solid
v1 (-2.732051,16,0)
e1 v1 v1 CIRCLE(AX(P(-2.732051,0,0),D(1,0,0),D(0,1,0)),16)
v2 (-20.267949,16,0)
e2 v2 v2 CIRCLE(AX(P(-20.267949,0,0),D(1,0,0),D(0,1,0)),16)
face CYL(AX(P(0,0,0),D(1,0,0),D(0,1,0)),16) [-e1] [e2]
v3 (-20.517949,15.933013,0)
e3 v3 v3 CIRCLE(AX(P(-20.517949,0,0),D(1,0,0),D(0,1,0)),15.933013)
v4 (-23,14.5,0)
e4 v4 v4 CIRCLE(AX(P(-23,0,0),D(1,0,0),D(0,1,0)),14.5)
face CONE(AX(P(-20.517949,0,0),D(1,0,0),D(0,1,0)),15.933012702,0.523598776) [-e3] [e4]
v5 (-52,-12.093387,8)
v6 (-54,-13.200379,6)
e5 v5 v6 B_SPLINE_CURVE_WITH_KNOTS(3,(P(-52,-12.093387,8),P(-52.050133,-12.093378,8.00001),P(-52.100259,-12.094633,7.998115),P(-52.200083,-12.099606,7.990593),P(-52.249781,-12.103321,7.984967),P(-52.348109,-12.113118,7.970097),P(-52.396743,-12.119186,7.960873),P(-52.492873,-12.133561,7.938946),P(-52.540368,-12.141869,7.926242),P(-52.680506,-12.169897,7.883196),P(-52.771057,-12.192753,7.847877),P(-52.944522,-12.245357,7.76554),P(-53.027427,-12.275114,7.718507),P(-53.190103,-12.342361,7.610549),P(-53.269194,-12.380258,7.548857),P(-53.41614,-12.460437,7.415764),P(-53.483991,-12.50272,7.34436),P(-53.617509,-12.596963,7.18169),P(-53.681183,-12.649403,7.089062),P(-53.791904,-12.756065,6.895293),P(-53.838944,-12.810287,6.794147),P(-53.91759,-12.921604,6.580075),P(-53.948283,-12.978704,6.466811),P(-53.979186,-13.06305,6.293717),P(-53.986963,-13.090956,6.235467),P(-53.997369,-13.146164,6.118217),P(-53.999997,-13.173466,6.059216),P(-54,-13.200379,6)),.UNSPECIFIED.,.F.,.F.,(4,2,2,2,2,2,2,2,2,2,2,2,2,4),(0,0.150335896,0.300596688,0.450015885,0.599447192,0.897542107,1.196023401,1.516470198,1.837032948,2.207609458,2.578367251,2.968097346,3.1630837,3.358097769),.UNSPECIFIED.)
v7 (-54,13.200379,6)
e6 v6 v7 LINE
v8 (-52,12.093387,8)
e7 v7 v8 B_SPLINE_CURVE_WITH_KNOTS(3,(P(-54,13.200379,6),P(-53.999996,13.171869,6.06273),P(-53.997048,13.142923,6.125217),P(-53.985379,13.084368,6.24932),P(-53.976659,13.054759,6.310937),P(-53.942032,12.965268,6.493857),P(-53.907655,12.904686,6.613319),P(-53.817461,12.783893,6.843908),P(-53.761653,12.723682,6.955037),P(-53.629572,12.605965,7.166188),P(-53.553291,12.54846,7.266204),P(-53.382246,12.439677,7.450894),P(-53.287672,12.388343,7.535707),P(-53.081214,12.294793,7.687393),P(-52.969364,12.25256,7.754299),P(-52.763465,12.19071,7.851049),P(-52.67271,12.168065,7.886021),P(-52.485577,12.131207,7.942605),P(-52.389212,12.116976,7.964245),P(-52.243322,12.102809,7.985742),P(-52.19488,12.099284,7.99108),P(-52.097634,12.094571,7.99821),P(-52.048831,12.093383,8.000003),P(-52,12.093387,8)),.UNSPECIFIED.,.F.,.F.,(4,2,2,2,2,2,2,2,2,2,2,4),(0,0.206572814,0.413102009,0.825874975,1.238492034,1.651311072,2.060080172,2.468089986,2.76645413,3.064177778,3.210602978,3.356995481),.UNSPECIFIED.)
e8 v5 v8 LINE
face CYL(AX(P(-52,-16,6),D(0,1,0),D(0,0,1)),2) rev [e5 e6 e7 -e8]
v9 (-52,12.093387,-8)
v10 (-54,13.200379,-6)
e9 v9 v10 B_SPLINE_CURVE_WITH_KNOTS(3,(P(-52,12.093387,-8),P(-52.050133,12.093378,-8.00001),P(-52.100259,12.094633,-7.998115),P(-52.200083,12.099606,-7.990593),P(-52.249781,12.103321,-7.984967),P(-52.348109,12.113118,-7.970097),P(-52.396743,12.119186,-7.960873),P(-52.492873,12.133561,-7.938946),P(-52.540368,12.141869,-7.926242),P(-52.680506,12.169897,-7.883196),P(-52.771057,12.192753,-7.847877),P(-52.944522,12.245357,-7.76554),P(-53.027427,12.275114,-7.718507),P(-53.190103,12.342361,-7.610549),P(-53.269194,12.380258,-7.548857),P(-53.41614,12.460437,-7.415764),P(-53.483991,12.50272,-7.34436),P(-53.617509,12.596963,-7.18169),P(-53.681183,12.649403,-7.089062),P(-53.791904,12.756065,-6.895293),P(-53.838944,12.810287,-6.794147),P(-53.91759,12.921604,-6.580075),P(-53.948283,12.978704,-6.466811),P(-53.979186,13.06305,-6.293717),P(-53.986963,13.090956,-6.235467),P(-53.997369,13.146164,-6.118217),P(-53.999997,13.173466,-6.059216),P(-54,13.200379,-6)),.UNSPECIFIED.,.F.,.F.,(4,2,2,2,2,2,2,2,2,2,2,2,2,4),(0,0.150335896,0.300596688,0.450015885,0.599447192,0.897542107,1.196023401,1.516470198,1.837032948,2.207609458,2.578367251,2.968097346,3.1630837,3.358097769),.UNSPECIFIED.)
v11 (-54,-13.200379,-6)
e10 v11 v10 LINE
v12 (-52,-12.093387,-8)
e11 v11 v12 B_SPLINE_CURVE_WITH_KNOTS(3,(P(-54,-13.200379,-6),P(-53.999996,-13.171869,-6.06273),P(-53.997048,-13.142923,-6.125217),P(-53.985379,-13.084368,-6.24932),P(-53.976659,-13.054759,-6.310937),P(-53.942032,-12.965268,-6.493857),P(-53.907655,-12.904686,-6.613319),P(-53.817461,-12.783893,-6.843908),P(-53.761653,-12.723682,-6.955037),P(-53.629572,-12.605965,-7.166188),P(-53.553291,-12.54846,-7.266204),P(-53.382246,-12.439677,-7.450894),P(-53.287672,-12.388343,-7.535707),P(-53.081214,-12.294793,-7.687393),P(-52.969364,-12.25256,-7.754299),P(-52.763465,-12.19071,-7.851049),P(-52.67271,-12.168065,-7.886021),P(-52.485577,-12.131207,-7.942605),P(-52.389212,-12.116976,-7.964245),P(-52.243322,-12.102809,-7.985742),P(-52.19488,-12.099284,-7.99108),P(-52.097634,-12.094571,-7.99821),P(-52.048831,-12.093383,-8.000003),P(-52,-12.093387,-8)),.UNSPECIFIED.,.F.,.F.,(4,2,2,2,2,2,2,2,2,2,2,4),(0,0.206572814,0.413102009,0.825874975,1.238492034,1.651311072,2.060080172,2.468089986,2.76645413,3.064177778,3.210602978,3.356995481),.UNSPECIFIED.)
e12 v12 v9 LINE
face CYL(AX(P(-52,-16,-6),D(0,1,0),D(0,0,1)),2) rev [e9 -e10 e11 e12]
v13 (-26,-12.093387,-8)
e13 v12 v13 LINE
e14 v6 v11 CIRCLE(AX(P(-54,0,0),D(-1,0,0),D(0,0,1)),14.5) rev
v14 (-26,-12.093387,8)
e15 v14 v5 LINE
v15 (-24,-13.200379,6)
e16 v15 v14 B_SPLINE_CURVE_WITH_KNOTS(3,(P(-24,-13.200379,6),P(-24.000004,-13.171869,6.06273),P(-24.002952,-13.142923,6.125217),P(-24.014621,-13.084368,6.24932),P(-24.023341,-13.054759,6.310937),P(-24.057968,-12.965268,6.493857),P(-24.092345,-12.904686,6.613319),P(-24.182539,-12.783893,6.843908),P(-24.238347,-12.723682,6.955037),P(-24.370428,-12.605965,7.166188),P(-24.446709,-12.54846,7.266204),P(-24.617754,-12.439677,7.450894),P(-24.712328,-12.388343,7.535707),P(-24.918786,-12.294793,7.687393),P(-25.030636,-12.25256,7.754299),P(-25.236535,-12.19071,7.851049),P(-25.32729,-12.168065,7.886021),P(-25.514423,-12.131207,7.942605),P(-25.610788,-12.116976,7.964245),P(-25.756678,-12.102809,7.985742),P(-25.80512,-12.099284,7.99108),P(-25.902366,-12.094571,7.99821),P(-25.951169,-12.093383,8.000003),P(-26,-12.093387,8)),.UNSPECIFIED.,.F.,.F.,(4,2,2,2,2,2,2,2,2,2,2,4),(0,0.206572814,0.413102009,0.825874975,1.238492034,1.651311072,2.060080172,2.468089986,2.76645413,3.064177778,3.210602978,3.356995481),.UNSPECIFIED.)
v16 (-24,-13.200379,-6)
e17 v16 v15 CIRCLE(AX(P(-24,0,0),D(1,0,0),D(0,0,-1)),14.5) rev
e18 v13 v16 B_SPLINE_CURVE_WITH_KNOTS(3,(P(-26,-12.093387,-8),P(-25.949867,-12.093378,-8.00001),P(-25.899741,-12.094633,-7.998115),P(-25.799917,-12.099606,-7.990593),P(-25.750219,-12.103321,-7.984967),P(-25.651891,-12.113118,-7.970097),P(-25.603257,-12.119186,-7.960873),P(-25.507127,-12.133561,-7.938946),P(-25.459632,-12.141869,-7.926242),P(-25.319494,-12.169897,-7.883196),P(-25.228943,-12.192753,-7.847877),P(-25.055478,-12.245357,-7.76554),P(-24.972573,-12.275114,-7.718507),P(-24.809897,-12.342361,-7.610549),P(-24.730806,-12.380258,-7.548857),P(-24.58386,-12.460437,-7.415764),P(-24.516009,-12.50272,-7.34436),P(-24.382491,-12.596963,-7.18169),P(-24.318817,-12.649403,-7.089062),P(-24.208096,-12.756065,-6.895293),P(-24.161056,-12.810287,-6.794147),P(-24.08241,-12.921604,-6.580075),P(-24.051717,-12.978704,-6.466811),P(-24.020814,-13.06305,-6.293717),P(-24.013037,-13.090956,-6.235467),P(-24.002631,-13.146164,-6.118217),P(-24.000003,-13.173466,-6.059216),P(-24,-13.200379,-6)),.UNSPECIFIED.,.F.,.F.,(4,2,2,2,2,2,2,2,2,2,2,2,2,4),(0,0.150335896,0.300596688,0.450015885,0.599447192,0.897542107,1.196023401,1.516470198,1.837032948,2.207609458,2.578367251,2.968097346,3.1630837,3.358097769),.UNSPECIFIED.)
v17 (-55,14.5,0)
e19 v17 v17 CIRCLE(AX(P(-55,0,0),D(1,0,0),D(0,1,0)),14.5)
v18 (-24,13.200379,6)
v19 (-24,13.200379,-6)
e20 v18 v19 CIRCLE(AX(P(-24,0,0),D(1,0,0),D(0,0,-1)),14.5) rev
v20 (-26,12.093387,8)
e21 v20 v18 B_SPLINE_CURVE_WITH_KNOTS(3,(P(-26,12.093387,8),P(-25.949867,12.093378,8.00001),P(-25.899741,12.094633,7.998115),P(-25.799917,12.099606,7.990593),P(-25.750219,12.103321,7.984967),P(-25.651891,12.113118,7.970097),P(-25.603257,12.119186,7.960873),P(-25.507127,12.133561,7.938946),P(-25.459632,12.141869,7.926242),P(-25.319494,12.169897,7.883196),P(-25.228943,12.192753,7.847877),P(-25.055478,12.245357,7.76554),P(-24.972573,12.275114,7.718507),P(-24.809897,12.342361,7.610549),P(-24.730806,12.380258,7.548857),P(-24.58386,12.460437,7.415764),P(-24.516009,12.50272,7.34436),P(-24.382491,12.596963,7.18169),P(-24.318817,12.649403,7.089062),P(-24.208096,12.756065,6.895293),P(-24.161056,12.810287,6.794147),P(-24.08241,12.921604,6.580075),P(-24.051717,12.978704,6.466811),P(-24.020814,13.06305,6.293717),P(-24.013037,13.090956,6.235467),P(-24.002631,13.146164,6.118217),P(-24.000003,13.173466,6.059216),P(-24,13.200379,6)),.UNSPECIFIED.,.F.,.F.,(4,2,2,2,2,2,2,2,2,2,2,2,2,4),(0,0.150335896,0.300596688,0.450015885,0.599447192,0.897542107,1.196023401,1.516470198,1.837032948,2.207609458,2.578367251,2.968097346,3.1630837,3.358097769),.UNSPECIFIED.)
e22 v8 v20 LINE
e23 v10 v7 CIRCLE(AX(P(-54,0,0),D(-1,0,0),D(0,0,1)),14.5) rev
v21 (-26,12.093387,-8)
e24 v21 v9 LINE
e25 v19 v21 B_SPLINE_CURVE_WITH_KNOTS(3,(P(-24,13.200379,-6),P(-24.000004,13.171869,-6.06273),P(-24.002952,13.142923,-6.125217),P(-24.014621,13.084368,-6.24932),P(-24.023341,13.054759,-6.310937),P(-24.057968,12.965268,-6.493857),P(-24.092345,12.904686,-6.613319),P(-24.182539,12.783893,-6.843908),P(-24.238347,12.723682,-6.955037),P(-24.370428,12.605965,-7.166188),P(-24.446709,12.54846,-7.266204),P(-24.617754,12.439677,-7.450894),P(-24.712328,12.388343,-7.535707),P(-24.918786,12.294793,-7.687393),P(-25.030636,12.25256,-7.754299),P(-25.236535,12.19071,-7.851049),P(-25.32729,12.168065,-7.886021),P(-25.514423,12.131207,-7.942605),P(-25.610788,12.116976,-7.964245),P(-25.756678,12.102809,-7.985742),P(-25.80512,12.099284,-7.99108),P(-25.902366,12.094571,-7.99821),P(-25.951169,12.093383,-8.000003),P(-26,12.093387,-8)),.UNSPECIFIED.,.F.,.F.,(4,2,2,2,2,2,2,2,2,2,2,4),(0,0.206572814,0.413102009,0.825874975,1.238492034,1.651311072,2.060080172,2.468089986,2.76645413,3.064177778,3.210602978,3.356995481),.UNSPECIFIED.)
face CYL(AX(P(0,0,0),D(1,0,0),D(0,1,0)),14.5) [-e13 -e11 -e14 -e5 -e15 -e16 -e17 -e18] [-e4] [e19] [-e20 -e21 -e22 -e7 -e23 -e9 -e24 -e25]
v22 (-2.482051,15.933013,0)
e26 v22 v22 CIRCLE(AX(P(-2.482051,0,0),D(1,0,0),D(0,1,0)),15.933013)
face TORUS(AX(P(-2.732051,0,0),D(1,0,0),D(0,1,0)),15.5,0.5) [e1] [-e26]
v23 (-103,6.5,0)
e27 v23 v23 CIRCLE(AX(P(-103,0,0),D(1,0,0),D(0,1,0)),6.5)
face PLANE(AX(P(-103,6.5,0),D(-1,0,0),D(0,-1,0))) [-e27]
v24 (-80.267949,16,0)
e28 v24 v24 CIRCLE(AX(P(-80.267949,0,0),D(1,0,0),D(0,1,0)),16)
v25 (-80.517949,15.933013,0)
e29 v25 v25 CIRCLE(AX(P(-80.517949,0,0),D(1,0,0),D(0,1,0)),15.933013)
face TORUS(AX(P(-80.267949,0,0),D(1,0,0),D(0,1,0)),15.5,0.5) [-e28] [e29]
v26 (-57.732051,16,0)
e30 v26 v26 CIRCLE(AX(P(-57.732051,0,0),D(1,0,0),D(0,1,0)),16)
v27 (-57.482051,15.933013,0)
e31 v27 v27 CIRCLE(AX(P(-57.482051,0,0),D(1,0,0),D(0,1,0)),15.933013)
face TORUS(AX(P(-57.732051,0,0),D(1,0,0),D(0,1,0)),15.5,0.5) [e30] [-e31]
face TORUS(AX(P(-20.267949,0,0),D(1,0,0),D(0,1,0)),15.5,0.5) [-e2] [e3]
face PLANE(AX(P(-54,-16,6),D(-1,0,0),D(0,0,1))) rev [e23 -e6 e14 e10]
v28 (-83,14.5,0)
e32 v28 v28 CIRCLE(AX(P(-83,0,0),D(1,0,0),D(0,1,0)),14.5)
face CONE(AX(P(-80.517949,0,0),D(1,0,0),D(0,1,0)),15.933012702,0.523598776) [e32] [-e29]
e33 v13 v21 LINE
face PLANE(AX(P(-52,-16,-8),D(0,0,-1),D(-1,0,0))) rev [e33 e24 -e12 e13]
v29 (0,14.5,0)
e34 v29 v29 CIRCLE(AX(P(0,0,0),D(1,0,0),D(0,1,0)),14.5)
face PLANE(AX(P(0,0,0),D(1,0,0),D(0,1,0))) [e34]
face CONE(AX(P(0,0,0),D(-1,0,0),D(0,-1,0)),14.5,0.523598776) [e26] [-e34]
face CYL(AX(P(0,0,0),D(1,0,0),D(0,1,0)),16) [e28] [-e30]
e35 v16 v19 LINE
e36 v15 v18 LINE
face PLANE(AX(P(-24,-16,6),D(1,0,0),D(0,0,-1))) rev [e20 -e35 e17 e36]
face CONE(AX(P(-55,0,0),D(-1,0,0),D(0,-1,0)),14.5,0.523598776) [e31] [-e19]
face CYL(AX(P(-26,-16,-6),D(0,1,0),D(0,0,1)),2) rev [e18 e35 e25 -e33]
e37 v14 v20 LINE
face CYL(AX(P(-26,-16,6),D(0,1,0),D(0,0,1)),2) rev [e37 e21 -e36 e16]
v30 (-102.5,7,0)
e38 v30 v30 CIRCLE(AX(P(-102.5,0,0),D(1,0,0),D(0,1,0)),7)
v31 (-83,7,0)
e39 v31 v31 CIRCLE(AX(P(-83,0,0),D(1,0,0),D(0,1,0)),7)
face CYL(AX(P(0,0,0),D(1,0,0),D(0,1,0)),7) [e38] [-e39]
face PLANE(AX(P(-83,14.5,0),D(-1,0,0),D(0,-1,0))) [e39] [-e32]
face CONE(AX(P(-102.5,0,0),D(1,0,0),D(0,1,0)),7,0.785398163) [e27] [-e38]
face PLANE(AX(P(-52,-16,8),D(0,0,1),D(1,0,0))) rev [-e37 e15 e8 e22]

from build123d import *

# Parameters (mm, degrees)
CUT_EXTRUDE_1_DEPTH      = 106.456152041
CUT_EXTRUDE_1_DEPTH_BACK = 106.456152041


with BuildPart() as part:
    # Эскиз1 → Повернуть1 (revolve)
    with BuildSketch(Plane.XY):
        with BuildLine():
            Line((0, 0), (0, 14.5))
            Line((0, 14.5), (-2.482050808, 15.933012702))
            ThreePointArc((-2.482050808, 15.933012702), (-2.602641285, 15.982962913), (-2.732050808, 16))
            Line((-2.732050808, 16), (-20.267949192, 16))
            ThreePointArc((-20.267949192, 16), (-20.397358715, 15.982962913), (-20.517949192, 15.933012702))
            Line((-20.517949192, 15.933012702), (-23, 14.5))
            Line((-23, 14.5), (-55, 14.5))
            Line((-55, 14.5), (-57.482050808, 15.933012702))
            ThreePointArc((-57.482050808, 15.933012702), (-57.602641285, 15.982962913), (-57.732050808, 16))
            Line((-57.732050808, 16), (-80.267949192, 16))
            ThreePointArc((-80.267949192, 16), (-80.397358715, 15.982962913), (-80.517949192, 15.933012702))
            Line((-80.517949192, 15.933012702), (-83, 14.5))
            Line((-83, 14.5), (-83, 7))
            Line((-83, 7), (-102.5, 7))
            Line((-102.5, 7), (-103, 6.5))
            Line((-103, 6.5), (-103, 0))
            Line((-103, 0), (0, 0))
        make_face()
    revolve(axis=Axis((0, 0, 0), (-1, 0, 0)))

    # Эскиз2 → Вырез-Вытянуть1 (cut, two sides: drawn at the far end of the back side and taken through both)
    with BuildSketch(Plane(origin=(0, 0, 0), x_dir=(1, 0, 0), z_dir=(0, 1, 0)).offset(-CUT_EXTRUDE_1_DEPTH_BACK)):
        with BuildLine():
            Line((-52, -8), (-26, -8))
            ThreePointArc((-26, -8), (-24.585786438, -7.414213562), (-24, -6))
            Line((-24, -6), (-24, 6))
            ThreePointArc((-24, 6), (-24.585786438, 7.414213562), (-26, 8))
            Line((-26, 8), (-52, 8))
            ThreePointArc((-52, 8), (-53.414213562, 7.414213562), (-54, 6))
            Line((-54, 6), (-54, -6))
            ThreePointArc((-54, -6), (-53.414213562, -7.414213562), (-52, -8))
        make_face()
    extrude(amount=CUT_EXTRUDE_1_DEPTH + CUT_EXTRUDE_1_DEPTH_BACK, mode=Mode.SUBTRACT)


solid = part.part
